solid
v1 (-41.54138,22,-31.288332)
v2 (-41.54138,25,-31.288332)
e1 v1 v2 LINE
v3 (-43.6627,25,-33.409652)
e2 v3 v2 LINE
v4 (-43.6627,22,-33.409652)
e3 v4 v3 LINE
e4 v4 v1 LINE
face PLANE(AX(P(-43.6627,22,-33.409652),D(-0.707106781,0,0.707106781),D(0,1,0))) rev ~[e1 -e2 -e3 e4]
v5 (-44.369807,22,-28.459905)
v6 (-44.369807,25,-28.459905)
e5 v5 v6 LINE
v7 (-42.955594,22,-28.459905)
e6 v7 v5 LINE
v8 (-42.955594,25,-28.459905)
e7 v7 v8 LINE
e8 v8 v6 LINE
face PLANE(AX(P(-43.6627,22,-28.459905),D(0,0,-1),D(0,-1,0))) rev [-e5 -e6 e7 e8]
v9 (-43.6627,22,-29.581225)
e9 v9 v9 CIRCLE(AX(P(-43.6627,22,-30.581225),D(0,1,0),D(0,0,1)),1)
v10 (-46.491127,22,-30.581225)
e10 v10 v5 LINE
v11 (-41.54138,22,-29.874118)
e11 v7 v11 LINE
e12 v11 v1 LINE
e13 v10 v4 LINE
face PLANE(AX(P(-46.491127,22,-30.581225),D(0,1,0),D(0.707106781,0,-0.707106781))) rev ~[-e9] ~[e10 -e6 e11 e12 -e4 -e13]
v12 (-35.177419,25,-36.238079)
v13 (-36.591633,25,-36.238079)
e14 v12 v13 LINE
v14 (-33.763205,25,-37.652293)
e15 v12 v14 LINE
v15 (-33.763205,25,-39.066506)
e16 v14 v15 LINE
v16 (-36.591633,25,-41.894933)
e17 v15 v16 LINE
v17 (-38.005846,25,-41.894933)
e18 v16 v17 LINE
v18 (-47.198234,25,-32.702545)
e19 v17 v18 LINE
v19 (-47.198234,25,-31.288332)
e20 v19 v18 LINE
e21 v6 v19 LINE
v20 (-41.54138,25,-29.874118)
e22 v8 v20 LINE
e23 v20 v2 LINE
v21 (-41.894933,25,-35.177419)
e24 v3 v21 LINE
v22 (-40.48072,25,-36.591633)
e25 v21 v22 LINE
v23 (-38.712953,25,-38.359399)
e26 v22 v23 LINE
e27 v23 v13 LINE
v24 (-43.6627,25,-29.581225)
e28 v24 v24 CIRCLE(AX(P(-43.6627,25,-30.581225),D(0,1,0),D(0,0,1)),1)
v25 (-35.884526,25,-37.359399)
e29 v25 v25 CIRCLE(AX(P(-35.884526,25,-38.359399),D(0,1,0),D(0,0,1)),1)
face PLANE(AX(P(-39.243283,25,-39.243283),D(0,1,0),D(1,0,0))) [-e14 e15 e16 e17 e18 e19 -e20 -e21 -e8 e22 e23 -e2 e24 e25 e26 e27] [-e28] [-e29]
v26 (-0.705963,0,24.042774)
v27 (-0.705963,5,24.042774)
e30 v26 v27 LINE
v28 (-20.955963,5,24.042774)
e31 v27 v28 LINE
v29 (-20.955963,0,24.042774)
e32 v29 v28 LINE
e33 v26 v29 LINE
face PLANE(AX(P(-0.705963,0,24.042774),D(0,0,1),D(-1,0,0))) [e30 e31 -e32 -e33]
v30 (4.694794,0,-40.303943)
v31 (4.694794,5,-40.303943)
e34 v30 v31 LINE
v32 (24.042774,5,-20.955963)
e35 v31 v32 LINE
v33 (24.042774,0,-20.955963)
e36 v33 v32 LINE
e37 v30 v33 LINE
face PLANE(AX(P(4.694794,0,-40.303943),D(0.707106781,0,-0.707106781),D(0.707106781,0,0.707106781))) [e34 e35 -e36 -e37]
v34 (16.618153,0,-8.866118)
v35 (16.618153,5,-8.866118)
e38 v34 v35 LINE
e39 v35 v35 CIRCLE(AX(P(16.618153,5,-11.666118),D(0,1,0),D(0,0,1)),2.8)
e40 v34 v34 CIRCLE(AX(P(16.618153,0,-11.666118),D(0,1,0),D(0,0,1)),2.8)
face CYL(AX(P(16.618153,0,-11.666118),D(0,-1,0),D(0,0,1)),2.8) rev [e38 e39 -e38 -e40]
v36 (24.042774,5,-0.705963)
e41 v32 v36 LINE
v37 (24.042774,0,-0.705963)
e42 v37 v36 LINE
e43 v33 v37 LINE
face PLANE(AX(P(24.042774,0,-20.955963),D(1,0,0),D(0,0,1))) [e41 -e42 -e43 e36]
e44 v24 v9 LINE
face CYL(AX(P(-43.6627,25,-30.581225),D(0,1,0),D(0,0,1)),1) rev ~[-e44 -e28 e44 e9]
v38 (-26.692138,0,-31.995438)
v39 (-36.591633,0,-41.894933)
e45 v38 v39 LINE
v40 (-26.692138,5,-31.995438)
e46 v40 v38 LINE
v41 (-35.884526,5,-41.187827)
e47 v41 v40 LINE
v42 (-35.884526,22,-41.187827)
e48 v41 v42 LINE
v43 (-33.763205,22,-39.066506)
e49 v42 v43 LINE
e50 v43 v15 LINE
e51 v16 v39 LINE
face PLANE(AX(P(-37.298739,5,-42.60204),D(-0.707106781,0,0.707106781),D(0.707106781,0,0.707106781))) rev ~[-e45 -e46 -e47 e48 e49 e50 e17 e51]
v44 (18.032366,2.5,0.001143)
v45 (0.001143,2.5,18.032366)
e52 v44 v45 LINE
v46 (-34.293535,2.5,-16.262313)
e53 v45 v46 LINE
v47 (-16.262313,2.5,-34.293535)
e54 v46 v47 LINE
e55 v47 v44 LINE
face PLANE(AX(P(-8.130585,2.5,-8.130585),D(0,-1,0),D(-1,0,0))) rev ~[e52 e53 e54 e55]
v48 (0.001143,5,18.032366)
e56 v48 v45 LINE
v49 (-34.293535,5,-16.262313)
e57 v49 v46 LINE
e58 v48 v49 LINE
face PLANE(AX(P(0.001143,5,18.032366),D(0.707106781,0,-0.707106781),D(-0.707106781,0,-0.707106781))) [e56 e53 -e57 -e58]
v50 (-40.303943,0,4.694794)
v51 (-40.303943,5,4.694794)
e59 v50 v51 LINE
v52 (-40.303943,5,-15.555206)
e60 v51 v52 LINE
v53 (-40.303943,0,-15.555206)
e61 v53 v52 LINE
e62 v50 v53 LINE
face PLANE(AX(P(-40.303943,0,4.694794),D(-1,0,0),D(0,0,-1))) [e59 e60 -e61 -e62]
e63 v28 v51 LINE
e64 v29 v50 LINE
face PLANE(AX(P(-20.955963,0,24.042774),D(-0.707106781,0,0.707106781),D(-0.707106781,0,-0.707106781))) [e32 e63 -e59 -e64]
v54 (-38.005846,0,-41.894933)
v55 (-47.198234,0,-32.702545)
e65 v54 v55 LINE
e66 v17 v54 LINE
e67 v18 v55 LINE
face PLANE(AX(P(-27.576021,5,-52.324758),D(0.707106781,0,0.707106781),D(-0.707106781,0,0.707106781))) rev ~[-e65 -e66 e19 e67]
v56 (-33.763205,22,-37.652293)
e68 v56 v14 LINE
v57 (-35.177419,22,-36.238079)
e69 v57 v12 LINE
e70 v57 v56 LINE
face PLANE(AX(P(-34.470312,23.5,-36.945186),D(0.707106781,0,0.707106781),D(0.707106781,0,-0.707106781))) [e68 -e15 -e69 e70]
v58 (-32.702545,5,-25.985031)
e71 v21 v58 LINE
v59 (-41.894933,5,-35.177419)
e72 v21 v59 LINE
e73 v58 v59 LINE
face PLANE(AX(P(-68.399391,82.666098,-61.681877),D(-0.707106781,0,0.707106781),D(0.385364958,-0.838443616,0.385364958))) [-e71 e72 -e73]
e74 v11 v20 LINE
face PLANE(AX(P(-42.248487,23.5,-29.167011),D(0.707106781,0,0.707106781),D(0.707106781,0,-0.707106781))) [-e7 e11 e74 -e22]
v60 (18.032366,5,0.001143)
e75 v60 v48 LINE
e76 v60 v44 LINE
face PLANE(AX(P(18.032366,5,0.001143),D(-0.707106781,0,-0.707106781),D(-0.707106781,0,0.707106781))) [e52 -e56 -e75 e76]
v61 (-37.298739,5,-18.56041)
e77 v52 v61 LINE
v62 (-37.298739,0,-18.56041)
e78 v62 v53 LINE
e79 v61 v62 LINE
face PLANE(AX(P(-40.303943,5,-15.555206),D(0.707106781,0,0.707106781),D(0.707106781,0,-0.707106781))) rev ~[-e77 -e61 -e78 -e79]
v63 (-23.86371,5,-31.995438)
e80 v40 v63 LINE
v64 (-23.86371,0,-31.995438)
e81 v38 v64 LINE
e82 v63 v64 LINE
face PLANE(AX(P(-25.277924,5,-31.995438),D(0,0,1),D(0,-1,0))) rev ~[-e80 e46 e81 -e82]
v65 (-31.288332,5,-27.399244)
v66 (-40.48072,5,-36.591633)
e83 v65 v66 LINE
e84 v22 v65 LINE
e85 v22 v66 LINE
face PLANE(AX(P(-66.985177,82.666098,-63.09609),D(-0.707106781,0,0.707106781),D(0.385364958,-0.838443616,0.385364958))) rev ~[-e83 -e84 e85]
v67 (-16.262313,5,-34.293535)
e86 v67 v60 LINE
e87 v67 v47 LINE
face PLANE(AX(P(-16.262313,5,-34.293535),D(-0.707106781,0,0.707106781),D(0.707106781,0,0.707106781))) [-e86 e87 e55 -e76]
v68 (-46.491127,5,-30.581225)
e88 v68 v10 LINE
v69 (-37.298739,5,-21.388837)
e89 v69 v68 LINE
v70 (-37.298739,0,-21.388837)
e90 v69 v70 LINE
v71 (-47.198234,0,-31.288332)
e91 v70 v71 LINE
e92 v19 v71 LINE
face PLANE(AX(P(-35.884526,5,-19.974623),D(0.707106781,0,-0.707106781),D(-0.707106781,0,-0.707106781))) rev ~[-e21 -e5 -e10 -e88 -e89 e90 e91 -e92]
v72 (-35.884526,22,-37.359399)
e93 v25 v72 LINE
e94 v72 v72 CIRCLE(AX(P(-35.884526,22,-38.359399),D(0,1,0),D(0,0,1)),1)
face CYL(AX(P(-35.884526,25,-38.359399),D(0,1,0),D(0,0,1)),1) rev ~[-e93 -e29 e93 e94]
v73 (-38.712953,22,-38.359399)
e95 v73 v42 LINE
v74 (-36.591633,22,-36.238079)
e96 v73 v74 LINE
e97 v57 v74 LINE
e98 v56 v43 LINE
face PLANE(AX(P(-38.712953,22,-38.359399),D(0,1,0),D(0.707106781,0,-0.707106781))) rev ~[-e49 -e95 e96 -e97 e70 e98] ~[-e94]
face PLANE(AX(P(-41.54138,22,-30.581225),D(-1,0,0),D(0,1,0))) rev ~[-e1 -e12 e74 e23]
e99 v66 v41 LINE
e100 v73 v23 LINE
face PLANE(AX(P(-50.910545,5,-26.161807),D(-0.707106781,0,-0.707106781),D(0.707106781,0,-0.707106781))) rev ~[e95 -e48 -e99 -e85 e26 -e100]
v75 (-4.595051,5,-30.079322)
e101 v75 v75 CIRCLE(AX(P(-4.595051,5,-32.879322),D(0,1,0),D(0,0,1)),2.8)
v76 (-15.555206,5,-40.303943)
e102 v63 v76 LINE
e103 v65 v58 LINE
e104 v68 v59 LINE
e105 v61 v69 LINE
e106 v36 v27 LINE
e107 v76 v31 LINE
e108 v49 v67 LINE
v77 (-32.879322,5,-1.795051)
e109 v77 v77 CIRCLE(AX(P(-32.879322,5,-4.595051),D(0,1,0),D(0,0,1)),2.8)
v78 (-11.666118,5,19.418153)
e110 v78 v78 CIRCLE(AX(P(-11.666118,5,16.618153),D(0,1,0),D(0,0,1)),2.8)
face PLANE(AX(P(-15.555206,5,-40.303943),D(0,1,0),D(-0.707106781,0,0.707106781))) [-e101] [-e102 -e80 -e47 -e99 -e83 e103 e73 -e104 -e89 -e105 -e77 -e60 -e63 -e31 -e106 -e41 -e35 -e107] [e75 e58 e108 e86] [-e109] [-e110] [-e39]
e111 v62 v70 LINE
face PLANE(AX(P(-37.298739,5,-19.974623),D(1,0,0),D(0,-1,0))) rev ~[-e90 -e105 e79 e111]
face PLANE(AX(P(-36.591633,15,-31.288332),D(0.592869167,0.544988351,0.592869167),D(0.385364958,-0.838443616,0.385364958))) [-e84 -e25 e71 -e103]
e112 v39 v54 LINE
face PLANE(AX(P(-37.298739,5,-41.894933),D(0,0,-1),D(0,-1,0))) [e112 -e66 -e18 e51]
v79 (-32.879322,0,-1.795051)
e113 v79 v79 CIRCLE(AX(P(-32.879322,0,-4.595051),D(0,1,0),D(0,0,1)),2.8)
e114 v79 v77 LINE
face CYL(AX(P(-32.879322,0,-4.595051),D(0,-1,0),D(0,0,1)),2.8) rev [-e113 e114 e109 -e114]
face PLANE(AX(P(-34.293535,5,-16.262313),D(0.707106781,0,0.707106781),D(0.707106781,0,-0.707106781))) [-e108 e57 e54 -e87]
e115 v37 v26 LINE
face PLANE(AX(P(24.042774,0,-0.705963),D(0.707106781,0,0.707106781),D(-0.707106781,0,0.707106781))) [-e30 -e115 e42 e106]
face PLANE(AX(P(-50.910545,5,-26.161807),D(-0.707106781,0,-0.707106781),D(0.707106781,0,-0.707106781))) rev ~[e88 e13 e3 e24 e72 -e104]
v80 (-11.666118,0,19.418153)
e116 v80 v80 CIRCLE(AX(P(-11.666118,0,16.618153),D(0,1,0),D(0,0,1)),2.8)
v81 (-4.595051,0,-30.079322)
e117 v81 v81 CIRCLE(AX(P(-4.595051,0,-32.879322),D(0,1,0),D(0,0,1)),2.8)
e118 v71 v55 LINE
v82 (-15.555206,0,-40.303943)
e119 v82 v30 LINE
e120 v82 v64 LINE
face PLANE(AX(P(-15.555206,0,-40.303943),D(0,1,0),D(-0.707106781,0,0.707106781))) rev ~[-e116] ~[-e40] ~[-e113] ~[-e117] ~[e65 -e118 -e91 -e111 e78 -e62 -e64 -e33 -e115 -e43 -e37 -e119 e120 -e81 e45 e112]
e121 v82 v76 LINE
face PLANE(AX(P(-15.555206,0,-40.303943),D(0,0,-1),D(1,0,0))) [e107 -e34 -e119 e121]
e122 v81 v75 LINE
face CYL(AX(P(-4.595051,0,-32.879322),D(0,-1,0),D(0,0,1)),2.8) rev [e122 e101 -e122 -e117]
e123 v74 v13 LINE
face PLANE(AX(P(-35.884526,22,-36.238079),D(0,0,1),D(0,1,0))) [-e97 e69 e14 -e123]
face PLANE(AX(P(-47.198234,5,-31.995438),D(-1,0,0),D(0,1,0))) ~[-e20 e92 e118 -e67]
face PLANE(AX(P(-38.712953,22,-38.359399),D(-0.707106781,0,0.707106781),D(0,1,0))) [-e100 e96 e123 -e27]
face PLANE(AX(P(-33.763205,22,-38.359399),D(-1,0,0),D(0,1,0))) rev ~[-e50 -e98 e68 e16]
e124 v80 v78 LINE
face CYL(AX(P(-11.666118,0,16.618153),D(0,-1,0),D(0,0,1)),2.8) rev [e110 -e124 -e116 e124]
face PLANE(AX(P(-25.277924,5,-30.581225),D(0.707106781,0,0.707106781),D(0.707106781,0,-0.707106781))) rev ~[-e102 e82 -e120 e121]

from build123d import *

# Parameters (mm, degrees)
SKETCH1_R           = 2.8
BOSS_EXTRUDE1_DEPTH = 5
CUT_EXTRUDE1_DEPTH  = 2.5
SKETCH3_W           = 35
SKETCH3_H           = 5
BOSS_EXTRUDE2_DEPTH = 17
BOSS_EXTRUDE3_DEPTH = 20
SKETCH5_W           = 4
SKETCH5_H           = 3
BOSS_EXTRUDE4_DEPTH = 4
CUT_EXTRUDE2_REACH  = 80.107
SKETCH6_R           = 1
CUT_EXTRUDE5_REACH  = 93.963
SKETCH12_W          = 6.25
SKETCH12_H          = 20
SKETCH12_W_2        = 13.75
CUT_EXTRUDE6_REACH  = 78.654
CHAMFER6_SIZE       = 2
CHAMFER7_SIZE       = 1
CHAMFER8_SIZE       = 1
RIB1_REACH          = 69.778
SKETCH17_WALL_W     = 161.408820482
SKETCH17_WALL_H     = 2


with BuildPart() as part:
    # Sketch1 → Boss-Extrude1 (new body)
    with BuildSketch(Plane(origin=(0, 0, 0), x_dir=(1, 0, 0), z_dir=(0, 1, 0))):
        Polygon((-40.303943114, 15.555205773), (-15.555205773, 40.303943114), (4.694794227, 40.303943114), (24.042773974, 20.955963368), (24.042773974, 0.705963368), (-0.705963368, -24.042773974), (-20.955963368, -24.042773974), (-40.303943114, -4.694794227), align=None)
        with Locations(Location((-11.666118476, -16.618152771, 0), (0, 0, 270))):
            Circle(SKETCH1_R, mode=Mode.SUBTRACT)
        with Locations(Location((16.618152771, 11.666118476, 0), (0, 0, 270))):
            Circle(SKETCH1_R, mode=Mode.SUBTRACT)
        with Locations(Location((-4.595050664, 32.879321912, 0), (0, 0, 270))):
            Circle(SKETCH1_R, mode=Mode.SUBTRACT)
        with Locations(Location((-32.879321912, 4.595050664, 0), (0, 0, 270))):
            Circle(SKETCH1_R, mode=Mode.SUBTRACT)
    extrude(amount=BOSS_EXTRUDE1_DEPTH)

    # Sketch2 → Cut-Extrude1 (cut)
    with BuildSketch(Plane(origin=(0, 5, 0), x_dir=(1, 0, 0), z_dir=(0, 1, 0))):
        Polygon((0.001143413, -18.032366333), (-34.293535474, 16.262312554), (-16.262312554, 34.293535474), (18.032366333, -0.001143413), align=None)
    extrude(amount=-CUT_EXTRUDE1_DEPTH, mode=Mode.SUBTRACT)

    # Sketch3 → Boss-Extrude2 (add)
    with BuildSketch(Plane(origin=(-27.929574444, 0, -27.929574444), x_dir=(-0.7071067811865489, 0, 0.7071067811865461), z_dir=(-0.7071067811865461, 0, -0.7071067811865489))):
        with Locations((0, 2.5)):
            Rectangle(SKETCH3_W, SKETCH3_H)
    extrude(amount=BOSS_EXTRUDE2_DEPTH)

    # Sketch4 → Boss-Extrude3 (add)
    with BuildSketch(Plane(origin=(0, 5, 0), x_dir=(1, 0, 0), z_dir=(0, 1, 0))):
        Polygon((-52.324758395, 27.576021053), (-50.910544832, 26.161807491), (-26.161807491, 50.910544832), (-27.576021053, 52.324758395), align=None)
    extrude(amount=BOSS_EXTRUDE3_DEPTH)

    # Sketch5 → Boss-Extrude4 (add)
    with BuildSketch(Plane(origin=(-38.536176161, 0, -38.536176161), x_dir=(0.7071067811865475, 0, -0.7071067811865477), z_dir=(0.7071067811865477, 0, 0.7071067811865475))):
        with Locations((-9.25, 23.5)):
            Rectangle(SKETCH5_W, SKETCH5_H)
        with Locations((1.75, 23.5)):
            Rectangle(SKETCH5_W, SKETCH5_H)
    extrude(amount=BOSS_EXTRUDE4_DEPTH)

    # Sketch6 → Cut-Extrude2 (cut, up to next)
    with BuildSketch(Plane(origin=(0, 25, 0), x_dir=(1, 0, 0), z_dir=(0, 1, 0)), mode=Mode.PRIVATE) as cut_extrude2_sk1:
        with Locations(Location((-43.662700325, 30.581224873, 0), (0, 0, 270))):
            Circle(SKETCH6_R)
    cut_extrude2_tool1 = extrude(cut_extrude2_sk1.sketch, amount=-CUT_EXTRUDE2_REACH, mode=Mode.PRIVATE) & part.part
    # Sketch6 → Cut-Extrude2 (cut, up to next)
    with BuildSketch(Plane(origin=(0, 25, 0), x_dir=(1, 0, 0), z_dir=(0, 1, 0)), mode=Mode.PRIVATE) as cut_extrude2_sk2:
        with Locations(Location((-35.884525732, 38.359399466, 0), (0, 0, 270))):
            Circle(SKETCH6_R)
    cut_extrude2_tool2 = extrude(cut_extrude2_sk2.sketch, amount=-CUT_EXTRUDE2_REACH, mode=Mode.PRIVATE) & part.part
    add(cut_extrude2_tool1.solids().sort_by_distance((-43.6627, 25, -30.581225))[0], mode=Mode.SUBTRACT)
    add(cut_extrude2_tool2.solids().sort_by_distance((-35.884526, 25, -38.359399))[0], mode=Mode.SUBTRACT)

    # Sketch12 → Cut-Extrude5 (cut, up to next)
    with BuildSketch(Plane(origin=(-38.536176161, 0, -38.536176161), x_dir=(0.7071067811865476, 0, -0.7071067811865476), z_dir=(0.7071067811865476, 0, 0.7071067811865476)), mode=Mode.PRIVATE) as cut_extrude5_sk1:
        with Locations((-14.375, 15)):
            Rectangle(SKETCH12_W, SKETCH12_H)
    cut_extrude5_tool1 = extrude(cut_extrude5_sk1.sketch, amount=-CUT_EXTRUDE5_REACH, mode=Mode.PRIVATE) & part.part
    # Sketch12 → Cut-Extrude5 (cut, up to next)
    with BuildSketch(Plane(origin=(-38.536176161, 0, -38.536176161), x_dir=(0.7071067811865476, 0, -0.7071067811865476), z_dir=(0.7071067811865476, 0, 0.7071067811865476)), mode=Mode.PRIVATE) as cut_extrude5_sk2:
        with Locations((10.625, 15)):
            Rectangle(SKETCH12_W_2, SKETCH12_H)
    cut_extrude5_tool2 = extrude(cut_extrude5_sk2.sketch, amount=-CUT_EXTRUDE5_REACH, mode=Mode.PRIVATE) & part.part
    add(cut_extrude5_tool1.solids().sort_by_distance((-48.700836, 15, -28.371516))[0], mode=Mode.SUBTRACT)
    add(cut_extrude5_tool2.solids().sort_by_distance((-31.023167, 15, -46.049186))[0], mode=Mode.SUBTRACT)

    # Sketch13 → Cut-Extrude6 (cut, up to next)
    with BuildSketch(Plane(origin=(0, 5, 0), x_dir=(1, 0, 0), z_dir=(0, 1, 0)), mode=Mode.PRIVATE) as cut_extrude6_sk1:
        Polygon((-52.324758395, 27.576021053), (-50.910544832, 26.161807491), (-46.49112745, 30.581224873), (-47.905341012, 31.995438435), align=None)
    cut_extrude6_tool1 = extrude(cut_extrude6_sk1.sketch, amount=-CUT_EXTRUDE6_REACH, mode=Mode.PRIVATE) & part.part
    # Sketch13 → Cut-Extrude6 (cut, up to next)
    with BuildSketch(Plane(origin=(0, 5, 0), x_dir=(1, 0, 0), z_dir=(0, 1, 0)), mode=Mode.PRIVATE) as cut_extrude6_sk2:
        Polygon((-46.49112745, 30.581224873), (-50.910544832, 26.161807491), (-40.303943114, 15.555205773), (-35.884525732, 19.974623155), align=None)
    cut_extrude6_tool2 = extrude(cut_extrude6_sk2.sketch, amount=-CUT_EXTRUDE6_REACH, mode=Mode.PRIVATE) & part.part
    # Sketch13 → Cut-Extrude6 (cut, up to next)
    with BuildSketch(Plane(origin=(0, 5, 0), x_dir=(1, 0, 0), z_dir=(0, 1, 0)), mode=Mode.PRIVATE) as cut_extrude6_sk3:
        Polygon((-27.576021053, 52.324758395), (-37.298739294, 42.602040153), (-35.884525732, 41.187826591), (-25.277924014, 30.581224873), (-15.555205773, 40.303943114), align=None)
    cut_extrude6_tool3 = extrude(cut_extrude6_sk3.sketch, amount=-CUT_EXTRUDE6_REACH, mode=Mode.PRIVATE) & part.part
    add(cut_extrude6_tool1.solids().sort_by_distance((-49.407943, 5, -29.078623))[0], mode=Mode.SUBTRACT)
    add(cut_extrude6_tool2.solids().sort_by_distance((-43.397535, 5, -23.068215))[0], mode=Mode.SUBTRACT)
    add(cut_extrude6_tool3.solids().sort_by_distance((-26.426973, 5, -41.452992))[0], mode=Mode.SUBTRACT)

    # Chamfer6
    chamfer6_edges = [part.edges().sort_by_distance(p)[0] for p in [
        (-25.277924014, 2.5, -30.581224873),
        (-35.884525732, 2.5, -19.974623155),
    ]]
    chamfer(chamfer6_edges, length=CHAMFER6_SIZE)

    # Chamfer7
    chamfer7_edges = [part.edges().sort_by_distance(p)[0] for p in [
        (-47.905341012, 12.5, -31.995438435),
        (-37.298739294, 12.5, -42.602040153),
    ]]
    chamfer(chamfer7_edges, length=CHAMFER7_SIZE)

    # Chamfer8
    chamfer8_edges = [part.edges().sort_by_distance(p)[0] for p in [
        (-43.662700325, 23.5, -27.752797748),
        (-40.8342732, 23.5, -30.581224873),
        (-35.884525732, 23.5, -35.530972341),
        (-33.056098607, 23.5, -38.359399466),
    ]]
    chamfer(chamfer8_edges, length=CHAMFER8_SIZE)

    # Sketch17 wall → Rib1 (add, up to next)
    with BuildSketch(Plane(origin=(-36.591632513, 15, -31.288331654), x_dir=(0.385364958397, -0.838443616299, 0.385364958355), z_dir=(0.592869166727, 0.544988350599, 0.592869166727)), mode=Mode.PRIVATE) as rib1_sk1:
        Rectangle(SKETCH17_WALL_W, SKETCH17_WALL_H)
    rib1_tool1 = extrude(rib1_sk1.sketch, amount=-RIB1_REACH, mode=Mode.PRIVATE) - part.part
    add(rib1_tool1.solids().sort_by_distance((-36.591632513, 15, -31.288331654))[0])


solid = part.part
